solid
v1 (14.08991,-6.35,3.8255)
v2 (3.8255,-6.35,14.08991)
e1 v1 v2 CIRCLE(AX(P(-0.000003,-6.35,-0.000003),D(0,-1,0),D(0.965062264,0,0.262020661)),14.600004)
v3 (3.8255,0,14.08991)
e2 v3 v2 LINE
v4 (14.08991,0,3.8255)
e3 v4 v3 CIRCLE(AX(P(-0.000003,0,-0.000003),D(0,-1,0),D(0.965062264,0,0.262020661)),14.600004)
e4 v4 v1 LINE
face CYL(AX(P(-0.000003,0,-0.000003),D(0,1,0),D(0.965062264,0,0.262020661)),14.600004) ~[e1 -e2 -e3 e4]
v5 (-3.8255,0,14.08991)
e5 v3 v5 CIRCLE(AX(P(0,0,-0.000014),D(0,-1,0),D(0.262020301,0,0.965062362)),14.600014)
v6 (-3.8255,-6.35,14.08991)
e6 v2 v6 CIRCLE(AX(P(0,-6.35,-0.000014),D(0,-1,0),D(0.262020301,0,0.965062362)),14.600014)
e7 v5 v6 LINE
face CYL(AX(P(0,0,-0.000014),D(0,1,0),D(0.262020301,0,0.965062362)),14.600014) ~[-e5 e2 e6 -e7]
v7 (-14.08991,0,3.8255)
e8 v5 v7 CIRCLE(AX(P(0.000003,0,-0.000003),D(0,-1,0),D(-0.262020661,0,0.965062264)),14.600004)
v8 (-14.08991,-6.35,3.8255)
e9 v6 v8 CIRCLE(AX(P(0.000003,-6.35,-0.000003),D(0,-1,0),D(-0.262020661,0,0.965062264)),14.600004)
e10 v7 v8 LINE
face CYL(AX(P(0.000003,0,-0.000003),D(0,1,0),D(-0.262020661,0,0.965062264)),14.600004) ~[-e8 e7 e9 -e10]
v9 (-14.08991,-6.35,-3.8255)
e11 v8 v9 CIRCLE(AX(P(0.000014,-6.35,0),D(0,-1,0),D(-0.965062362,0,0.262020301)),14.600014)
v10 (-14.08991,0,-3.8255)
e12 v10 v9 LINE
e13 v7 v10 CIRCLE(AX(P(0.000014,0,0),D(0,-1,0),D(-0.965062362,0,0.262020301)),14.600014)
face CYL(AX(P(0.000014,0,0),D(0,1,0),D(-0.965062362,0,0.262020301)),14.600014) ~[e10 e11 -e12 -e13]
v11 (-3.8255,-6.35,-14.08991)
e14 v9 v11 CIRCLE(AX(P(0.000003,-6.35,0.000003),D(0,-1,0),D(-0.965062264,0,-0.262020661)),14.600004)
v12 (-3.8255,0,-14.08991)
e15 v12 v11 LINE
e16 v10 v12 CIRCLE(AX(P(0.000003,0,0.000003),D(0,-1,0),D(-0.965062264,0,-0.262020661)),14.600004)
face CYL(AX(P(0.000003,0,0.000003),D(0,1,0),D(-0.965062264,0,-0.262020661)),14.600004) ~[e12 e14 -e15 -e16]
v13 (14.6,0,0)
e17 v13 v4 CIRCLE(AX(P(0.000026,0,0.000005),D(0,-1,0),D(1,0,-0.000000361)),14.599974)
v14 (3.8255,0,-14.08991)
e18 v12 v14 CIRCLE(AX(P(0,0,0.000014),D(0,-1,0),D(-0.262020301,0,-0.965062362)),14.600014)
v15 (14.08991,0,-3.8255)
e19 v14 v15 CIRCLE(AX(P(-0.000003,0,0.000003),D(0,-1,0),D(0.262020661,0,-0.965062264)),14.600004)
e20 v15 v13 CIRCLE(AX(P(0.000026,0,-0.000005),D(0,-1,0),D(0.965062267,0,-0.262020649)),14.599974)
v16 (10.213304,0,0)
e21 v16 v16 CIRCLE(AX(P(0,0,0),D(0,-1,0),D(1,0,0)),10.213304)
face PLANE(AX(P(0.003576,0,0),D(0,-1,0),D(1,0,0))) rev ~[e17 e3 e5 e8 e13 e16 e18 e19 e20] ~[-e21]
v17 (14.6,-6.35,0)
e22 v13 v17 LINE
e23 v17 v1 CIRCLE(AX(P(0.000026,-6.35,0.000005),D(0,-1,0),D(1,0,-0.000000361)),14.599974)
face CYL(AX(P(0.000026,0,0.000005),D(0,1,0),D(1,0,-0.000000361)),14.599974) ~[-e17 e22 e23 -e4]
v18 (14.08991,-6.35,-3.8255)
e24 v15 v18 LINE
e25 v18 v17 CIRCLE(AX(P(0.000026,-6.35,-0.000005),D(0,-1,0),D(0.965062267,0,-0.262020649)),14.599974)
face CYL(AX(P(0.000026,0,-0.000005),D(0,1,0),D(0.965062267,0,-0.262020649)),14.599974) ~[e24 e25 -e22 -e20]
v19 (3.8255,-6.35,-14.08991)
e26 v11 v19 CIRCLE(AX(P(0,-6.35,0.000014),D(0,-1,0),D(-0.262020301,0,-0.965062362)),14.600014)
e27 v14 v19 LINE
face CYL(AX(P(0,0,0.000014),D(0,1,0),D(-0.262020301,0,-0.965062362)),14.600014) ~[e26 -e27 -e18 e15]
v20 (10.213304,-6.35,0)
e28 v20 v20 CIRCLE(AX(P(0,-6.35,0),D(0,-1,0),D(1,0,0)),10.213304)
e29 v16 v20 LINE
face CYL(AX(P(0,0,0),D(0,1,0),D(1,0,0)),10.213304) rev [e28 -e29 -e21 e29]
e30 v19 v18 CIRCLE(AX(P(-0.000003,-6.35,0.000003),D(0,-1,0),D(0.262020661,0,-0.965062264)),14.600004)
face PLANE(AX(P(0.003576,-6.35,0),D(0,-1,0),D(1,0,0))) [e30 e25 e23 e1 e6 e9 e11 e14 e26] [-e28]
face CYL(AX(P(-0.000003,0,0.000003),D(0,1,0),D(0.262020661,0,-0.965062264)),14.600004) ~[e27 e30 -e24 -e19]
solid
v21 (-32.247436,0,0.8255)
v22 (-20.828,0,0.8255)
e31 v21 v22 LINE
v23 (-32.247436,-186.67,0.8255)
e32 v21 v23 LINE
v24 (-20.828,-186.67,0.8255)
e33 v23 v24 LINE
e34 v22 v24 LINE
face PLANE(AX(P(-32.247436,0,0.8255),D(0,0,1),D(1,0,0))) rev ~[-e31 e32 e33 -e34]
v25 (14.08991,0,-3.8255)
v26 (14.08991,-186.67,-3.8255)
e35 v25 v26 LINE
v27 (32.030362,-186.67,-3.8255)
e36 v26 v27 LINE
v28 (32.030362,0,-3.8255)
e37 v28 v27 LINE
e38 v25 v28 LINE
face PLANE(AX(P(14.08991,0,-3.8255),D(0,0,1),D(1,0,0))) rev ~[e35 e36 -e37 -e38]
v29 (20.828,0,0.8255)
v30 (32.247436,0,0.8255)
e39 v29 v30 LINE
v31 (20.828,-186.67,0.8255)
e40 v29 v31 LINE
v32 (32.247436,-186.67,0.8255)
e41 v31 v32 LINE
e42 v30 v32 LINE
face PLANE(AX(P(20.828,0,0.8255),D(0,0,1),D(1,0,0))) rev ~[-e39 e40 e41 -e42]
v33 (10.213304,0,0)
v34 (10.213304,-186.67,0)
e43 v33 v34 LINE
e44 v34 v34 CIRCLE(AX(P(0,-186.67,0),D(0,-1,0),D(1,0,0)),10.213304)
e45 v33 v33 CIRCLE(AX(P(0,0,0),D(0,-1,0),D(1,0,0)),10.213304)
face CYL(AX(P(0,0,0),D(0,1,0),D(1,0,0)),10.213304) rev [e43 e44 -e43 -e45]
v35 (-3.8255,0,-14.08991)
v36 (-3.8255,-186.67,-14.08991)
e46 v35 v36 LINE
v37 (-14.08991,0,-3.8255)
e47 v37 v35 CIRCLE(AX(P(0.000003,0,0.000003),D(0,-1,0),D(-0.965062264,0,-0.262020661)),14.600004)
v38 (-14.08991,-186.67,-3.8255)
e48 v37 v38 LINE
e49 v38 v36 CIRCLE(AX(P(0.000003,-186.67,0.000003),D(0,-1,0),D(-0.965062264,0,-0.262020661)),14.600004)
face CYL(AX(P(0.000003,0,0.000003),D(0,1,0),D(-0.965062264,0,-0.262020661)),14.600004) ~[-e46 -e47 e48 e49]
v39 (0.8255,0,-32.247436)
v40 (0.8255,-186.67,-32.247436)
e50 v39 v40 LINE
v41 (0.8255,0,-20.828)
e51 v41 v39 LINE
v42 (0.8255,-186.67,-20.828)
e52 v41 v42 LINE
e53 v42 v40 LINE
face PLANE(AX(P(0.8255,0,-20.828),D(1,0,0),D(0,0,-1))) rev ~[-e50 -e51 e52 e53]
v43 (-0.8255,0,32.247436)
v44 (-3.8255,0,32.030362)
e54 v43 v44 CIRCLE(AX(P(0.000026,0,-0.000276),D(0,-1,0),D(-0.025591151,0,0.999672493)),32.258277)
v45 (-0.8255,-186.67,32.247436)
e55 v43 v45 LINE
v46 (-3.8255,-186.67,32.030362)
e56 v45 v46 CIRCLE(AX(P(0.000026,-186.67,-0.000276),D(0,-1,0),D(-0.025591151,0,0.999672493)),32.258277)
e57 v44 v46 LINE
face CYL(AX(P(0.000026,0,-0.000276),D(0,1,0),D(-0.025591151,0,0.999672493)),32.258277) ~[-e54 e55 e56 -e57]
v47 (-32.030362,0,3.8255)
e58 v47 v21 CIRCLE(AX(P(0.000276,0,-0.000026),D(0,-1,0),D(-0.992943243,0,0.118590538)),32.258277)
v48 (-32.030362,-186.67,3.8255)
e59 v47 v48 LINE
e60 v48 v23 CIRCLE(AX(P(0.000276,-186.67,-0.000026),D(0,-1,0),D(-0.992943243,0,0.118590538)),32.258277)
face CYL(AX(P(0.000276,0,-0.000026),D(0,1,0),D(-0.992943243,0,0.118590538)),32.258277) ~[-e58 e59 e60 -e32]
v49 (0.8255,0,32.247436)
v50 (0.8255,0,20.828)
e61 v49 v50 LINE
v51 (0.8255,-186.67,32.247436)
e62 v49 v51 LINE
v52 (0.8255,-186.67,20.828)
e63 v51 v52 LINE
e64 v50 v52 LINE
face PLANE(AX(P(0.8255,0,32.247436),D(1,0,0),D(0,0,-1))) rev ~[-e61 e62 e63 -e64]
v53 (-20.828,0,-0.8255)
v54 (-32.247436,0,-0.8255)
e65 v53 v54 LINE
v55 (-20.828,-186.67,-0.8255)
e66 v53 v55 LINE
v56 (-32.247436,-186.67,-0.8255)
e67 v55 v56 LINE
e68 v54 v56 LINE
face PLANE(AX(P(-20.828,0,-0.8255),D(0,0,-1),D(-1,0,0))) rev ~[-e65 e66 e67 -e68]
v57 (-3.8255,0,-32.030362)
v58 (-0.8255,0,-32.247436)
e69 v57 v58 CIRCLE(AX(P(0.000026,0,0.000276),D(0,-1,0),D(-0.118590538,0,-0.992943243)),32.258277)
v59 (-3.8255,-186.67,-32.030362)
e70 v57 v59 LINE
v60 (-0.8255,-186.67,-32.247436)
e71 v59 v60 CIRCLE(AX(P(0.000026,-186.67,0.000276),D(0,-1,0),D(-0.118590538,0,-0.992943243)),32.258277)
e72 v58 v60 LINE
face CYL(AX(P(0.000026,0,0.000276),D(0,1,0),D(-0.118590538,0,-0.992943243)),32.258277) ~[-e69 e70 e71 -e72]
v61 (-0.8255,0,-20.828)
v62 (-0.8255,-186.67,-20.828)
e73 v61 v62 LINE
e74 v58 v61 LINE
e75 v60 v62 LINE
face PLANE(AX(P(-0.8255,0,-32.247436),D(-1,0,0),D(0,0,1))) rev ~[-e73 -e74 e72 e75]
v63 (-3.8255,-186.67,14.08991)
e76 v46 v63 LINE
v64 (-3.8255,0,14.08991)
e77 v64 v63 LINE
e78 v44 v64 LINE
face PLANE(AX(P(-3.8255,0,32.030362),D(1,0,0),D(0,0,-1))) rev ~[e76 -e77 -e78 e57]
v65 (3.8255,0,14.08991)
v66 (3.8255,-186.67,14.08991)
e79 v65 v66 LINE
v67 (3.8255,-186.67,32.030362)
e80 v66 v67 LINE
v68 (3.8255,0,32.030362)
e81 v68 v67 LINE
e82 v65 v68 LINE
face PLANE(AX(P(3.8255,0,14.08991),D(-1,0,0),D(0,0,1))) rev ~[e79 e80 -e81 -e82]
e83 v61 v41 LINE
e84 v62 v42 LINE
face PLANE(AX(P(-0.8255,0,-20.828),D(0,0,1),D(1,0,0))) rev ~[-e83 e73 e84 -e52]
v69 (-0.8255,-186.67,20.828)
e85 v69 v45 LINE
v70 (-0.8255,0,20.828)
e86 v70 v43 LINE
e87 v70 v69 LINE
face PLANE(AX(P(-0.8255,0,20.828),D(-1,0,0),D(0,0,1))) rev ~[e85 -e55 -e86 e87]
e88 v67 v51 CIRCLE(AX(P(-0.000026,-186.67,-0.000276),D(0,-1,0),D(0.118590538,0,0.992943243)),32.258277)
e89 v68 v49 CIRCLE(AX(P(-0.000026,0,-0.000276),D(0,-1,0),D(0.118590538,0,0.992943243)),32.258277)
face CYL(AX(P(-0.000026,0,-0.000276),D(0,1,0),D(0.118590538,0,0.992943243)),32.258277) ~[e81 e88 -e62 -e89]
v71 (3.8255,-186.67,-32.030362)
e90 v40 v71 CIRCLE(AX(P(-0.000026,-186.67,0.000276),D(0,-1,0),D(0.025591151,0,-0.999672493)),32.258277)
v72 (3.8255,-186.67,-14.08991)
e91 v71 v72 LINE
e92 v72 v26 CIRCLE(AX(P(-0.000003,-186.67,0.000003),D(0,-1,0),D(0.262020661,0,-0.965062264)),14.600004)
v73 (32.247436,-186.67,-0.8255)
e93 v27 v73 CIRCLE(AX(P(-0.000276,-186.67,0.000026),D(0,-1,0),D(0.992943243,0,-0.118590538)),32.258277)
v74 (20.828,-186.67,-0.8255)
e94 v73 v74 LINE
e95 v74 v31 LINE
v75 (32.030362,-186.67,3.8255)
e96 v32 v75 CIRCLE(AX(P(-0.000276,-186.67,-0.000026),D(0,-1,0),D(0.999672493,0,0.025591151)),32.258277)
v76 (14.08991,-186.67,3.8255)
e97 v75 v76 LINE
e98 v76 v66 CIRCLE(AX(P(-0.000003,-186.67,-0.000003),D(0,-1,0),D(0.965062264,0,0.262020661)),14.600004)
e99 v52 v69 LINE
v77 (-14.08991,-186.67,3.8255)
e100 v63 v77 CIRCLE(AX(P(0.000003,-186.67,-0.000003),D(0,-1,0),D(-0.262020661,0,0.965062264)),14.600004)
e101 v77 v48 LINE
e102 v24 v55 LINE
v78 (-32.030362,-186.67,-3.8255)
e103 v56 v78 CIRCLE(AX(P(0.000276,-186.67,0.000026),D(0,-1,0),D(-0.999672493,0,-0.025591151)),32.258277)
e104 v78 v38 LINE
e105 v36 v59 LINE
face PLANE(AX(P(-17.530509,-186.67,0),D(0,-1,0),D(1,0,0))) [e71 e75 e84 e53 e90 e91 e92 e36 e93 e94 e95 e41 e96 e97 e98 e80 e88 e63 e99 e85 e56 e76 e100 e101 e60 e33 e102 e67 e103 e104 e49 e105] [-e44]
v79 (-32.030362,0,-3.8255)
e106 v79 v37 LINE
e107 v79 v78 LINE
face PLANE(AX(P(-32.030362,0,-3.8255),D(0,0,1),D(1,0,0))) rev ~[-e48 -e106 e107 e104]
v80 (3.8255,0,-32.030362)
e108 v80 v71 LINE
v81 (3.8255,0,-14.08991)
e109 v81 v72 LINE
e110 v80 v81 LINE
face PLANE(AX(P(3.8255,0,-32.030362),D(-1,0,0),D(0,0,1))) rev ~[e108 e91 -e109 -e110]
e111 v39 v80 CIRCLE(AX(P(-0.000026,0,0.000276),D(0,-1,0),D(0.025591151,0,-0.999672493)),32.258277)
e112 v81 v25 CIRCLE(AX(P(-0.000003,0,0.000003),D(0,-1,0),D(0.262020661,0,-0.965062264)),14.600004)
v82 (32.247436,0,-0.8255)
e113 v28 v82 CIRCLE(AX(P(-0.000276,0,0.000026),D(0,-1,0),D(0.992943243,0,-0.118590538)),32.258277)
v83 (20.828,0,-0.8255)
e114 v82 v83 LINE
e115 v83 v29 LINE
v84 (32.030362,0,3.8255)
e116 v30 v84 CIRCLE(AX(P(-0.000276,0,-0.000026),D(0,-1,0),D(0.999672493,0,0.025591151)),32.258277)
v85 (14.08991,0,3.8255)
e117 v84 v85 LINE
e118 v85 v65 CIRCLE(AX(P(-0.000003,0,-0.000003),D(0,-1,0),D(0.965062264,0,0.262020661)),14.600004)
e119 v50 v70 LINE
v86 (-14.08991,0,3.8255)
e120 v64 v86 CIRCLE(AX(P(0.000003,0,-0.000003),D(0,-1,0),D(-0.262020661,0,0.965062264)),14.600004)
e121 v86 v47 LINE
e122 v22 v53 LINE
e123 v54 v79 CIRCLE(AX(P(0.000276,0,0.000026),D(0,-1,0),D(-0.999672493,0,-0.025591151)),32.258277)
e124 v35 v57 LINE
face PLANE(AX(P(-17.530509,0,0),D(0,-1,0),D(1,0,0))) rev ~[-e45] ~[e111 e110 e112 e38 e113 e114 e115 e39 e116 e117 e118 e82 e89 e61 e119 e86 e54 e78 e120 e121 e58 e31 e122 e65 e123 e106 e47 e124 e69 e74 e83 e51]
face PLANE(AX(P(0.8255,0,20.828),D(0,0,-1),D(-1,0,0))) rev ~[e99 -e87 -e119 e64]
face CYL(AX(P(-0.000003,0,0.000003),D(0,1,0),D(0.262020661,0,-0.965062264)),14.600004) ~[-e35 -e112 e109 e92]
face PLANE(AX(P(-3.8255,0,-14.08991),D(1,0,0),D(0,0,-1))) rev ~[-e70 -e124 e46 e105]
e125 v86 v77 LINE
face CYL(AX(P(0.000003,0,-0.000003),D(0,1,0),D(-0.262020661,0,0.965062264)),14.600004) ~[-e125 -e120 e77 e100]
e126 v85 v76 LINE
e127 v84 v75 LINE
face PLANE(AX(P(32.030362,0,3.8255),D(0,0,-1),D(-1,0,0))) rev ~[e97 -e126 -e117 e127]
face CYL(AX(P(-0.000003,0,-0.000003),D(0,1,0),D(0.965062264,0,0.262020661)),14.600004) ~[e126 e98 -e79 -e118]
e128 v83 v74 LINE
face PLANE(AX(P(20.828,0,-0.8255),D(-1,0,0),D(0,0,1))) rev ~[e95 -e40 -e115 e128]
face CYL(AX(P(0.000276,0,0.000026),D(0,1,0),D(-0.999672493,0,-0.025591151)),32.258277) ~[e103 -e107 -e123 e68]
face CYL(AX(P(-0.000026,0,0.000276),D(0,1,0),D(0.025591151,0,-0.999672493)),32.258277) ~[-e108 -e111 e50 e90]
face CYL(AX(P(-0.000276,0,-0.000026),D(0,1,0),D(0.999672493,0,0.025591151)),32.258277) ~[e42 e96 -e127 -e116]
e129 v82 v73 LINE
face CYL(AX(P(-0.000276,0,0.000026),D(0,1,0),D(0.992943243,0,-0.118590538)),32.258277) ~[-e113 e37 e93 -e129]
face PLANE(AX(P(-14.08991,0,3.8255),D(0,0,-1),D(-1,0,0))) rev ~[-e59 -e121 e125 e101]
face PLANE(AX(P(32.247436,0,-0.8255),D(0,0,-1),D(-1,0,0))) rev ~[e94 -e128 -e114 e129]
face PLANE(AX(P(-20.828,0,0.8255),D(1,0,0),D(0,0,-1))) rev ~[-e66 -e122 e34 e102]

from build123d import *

# Parameters (mm, degrees)
F0_R     = 10.213304
F1_DEPTH = 186.67
F2_DEPTH = 6.35


with BuildPart() as f1:
    # F0 (on Front) → F1 (new body)
    with BuildSketch(Plane.XZ):
        with BuildLine():
            ThreePointArc((-14.08991, -3.8255), (-14.6, 0), (-14.08991, 3.8255))
            Line((-14.08991, 3.8255), (-20.828, 3.8255))
            Line((-20.828, 3.8255), (-20.828, 0.8255))
            Line((-20.828, 0.8255), (-20.828, 0))
            Line((-20.828, 0), (-20.828, -0.8255))
            Line((-20.828, -0.8255), (-20.828, -3.8255))
            Line((-20.828, -3.8255), (-14.08991, -3.8255))
        make_face()
        with BuildLine():
            Line((-20.828, 3.8255), (-32.030362, 3.8255))
            ThreePointArc((-32.030362, 3.8255), (-32.173884, 2.328031), (-32.247436, 0.8255))
            Line((-32.247436, 0.8255), (-20.828, 0.8255))
            Line((-20.828, 0.8255), (-20.828, 3.8255))
        make_face()
        with BuildLine():
            ThreePointArc((-32.247436, -0.8255), (-32.173884, -2.328031), (-32.030362, -3.8255))
            Line((-32.030362, -3.8255), (-20.828, -3.8255))
            Line((-20.828, -3.8255), (-20.828, -0.8255))
            Line((-20.828, -0.8255), (-32.247436, -0.8255))
        make_face()
        with BuildLine():
            ThreePointArc((14.6, 0), (14.471916, 1.929679), (14.08991, 3.8255))
            ThreePointArc((14.08991, 3.8255), (10.323759, 10.323759), (3.8255, 14.08991))
            ThreePointArc((3.8255, 14.08991), (0, 14.6), (-3.8255, 14.08991))
            ThreePointArc((-3.8255, 14.08991), (-10.323759, 10.323759), (-14.08991, 3.8255))
            ThreePointArc((-14.08991, 3.8255), (-14.6, 0), (-14.08991, -3.8255))
            ThreePointArc((-14.08991, -3.8255), (-10.323759, -10.323759), (-3.8255, -14.08991))
            ThreePointArc((-3.8255, -14.08991), (0, -14.6), (3.8255, -14.08991))
            ThreePointArc((3.8255, -14.08991), (10.323759, -10.323759), (14.08991, -3.8255))
            ThreePointArc((14.08991, -3.8255), (14.471916, -1.929679), (14.6, 0))
        make_face()
        Circle(F0_R, mode=Mode.SUBTRACT)
        with BuildLine():
            Line((0.8255, -20.828), (3.8255, -20.828))
            Line((3.8255, -20.828), (3.8255, -14.08991))
            ThreePointArc((3.8255, -14.08991), (0, -14.6), (-3.8255, -14.08991))
            Line((-3.8255, -14.08991), (-3.8255, -20.828))
            Line((-3.8255, -20.828), (-0.8255, -20.828))
            Line((-0.8255, -20.828), (0, -20.828))
            Line((0, -20.828), (0.8255, -20.828))
        make_face()
        with BuildLine():
            ThreePointArc((-3.8255, -32.030362), (-2.328031, -32.173884), (-0.8255, -32.247436))
            Line((-0.8255, -32.247436), (-0.8255, -20.828))
            Line((-0.8255, -20.828), (-3.8255, -20.828))
            Line((-3.8255, -20.828), (-3.8255, -32.030362))
        make_face()
        with BuildLine():
            ThreePointArc((0.8255, -32.247436), (2.328031, -32.173884), (3.8255, -32.030362))
            Line((3.8255, -32.030362), (3.8255, -20.828))
            Line((3.8255, -20.828), (0.8255, -20.828))
            Line((0.8255, -20.828), (0.8255, -32.247436))
        make_face()
        with BuildLine():
            Line((20.828, 0), (20.828, 0.8255))
            Line((20.828, 0.8255), (20.828, 3.8255))
            Line((20.828, 3.8255), (14.08991, 3.8255))
            ThreePointArc((14.08991, 3.8255), (14.471916, 1.929679), (14.6, 0))
            ThreePointArc((14.6, 0), (14.471916, -1.929679), (14.08991, -3.8255))
            Line((14.08991, -3.8255), (20.828, -3.8255))
            Line((20.828, -3.8255), (20.828, -0.8255))
            Line((20.828, -0.8255), (20.828, 0))
        make_face()
        with BuildLine():
            Line((20.828, 0.8255), (32.247436, 0.8255))
            ThreePointArc((32.247436, 0.8255), (32.173884, 2.328031), (32.030362, 3.8255))
            Line((32.030362, 3.8255), (20.828, 3.8255))
            Line((20.828, 3.8255), (20.828, 0.8255))
        make_face()
        with BuildLine():
            ThreePointArc((32.030362, -3.8255), (32.173884, -2.328031), (32.247436, -0.8255))
            Line((32.247436, -0.8255), (20.828, -0.8255))
            Line((20.828, -0.8255), (20.828, -3.8255))
            Line((20.828, -3.8255), (32.030362, -3.8255))
        make_face()
        with BuildLine():
            Line((3.8255, 14.08991), (3.8255, 20.828))
            Line((3.8255, 20.828), (0.8255, 20.828))
            Line((0.8255, 20.828), (0, 20.828))
            Line((0, 20.828), (-0.8255, 20.828))
            Line((-0.8255, 20.828), (-3.8255, 20.828))
            Line((-3.8255, 20.828), (-3.8255, 14.08991))
            ThreePointArc((-3.8255, 14.08991), (0, 14.6), (3.8255, 14.08991))
        make_face()
        with BuildLine():
            Line((-0.8255, 20.828), (-0.8255, 32.247436))
            ThreePointArc((-0.8255, 32.247436), (-2.328031, 32.173884), (-3.8255, 32.030362))
            Line((-3.8255, 32.030362), (-3.8255, 20.828))
            Line((-3.8255, 20.828), (-0.8255, 20.828))
        make_face()
        with BuildLine():
            Line((3.8255, 20.828), (3.8255, 32.030362))
            ThreePointArc((3.8255, 32.030362), (2.328031, 32.173884), (0.8255, 32.247436))
            Line((0.8255, 32.247436), (0.8255, 20.828))
            Line((0.8255, 20.828), (3.8255, 20.828))
        make_face()
    extrude(amount=F1_DEPTH)


with BuildPart() as f2:
    # F0 (on Front) → F2 (new body)
    with BuildSketch(Plane.XZ):
        with BuildLine():
            ThreePointArc((14.6, 0), (14.471916, 1.929679), (14.08991, 3.8255))
            ThreePointArc((14.08991, 3.8255), (10.323759, 10.323759), (3.8255, 14.08991))
            ThreePointArc((3.8255, 14.08991), (0, 14.6), (-3.8255, 14.08991))
            ThreePointArc((-3.8255, 14.08991), (-10.323759, 10.323759), (-14.08991, 3.8255))
            ThreePointArc((-14.08991, 3.8255), (-14.6, 0), (-14.08991, -3.8255))
            ThreePointArc((-14.08991, -3.8255), (-10.323759, -10.323759), (-3.8255, -14.08991))
            ThreePointArc((-3.8255, -14.08991), (0, -14.6), (3.8255, -14.08991))
            ThreePointArc((3.8255, -14.08991), (10.323759, -10.323759), (14.08991, -3.8255))
            ThreePointArc((14.08991, -3.8255), (14.471916, -1.929679), (14.6, 0))
        make_face()
        Circle(F0_R, mode=Mode.SUBTRACT)
    extrude(amount=F2_DEPTH)


solid = Compound([f1.part, f2.part])
